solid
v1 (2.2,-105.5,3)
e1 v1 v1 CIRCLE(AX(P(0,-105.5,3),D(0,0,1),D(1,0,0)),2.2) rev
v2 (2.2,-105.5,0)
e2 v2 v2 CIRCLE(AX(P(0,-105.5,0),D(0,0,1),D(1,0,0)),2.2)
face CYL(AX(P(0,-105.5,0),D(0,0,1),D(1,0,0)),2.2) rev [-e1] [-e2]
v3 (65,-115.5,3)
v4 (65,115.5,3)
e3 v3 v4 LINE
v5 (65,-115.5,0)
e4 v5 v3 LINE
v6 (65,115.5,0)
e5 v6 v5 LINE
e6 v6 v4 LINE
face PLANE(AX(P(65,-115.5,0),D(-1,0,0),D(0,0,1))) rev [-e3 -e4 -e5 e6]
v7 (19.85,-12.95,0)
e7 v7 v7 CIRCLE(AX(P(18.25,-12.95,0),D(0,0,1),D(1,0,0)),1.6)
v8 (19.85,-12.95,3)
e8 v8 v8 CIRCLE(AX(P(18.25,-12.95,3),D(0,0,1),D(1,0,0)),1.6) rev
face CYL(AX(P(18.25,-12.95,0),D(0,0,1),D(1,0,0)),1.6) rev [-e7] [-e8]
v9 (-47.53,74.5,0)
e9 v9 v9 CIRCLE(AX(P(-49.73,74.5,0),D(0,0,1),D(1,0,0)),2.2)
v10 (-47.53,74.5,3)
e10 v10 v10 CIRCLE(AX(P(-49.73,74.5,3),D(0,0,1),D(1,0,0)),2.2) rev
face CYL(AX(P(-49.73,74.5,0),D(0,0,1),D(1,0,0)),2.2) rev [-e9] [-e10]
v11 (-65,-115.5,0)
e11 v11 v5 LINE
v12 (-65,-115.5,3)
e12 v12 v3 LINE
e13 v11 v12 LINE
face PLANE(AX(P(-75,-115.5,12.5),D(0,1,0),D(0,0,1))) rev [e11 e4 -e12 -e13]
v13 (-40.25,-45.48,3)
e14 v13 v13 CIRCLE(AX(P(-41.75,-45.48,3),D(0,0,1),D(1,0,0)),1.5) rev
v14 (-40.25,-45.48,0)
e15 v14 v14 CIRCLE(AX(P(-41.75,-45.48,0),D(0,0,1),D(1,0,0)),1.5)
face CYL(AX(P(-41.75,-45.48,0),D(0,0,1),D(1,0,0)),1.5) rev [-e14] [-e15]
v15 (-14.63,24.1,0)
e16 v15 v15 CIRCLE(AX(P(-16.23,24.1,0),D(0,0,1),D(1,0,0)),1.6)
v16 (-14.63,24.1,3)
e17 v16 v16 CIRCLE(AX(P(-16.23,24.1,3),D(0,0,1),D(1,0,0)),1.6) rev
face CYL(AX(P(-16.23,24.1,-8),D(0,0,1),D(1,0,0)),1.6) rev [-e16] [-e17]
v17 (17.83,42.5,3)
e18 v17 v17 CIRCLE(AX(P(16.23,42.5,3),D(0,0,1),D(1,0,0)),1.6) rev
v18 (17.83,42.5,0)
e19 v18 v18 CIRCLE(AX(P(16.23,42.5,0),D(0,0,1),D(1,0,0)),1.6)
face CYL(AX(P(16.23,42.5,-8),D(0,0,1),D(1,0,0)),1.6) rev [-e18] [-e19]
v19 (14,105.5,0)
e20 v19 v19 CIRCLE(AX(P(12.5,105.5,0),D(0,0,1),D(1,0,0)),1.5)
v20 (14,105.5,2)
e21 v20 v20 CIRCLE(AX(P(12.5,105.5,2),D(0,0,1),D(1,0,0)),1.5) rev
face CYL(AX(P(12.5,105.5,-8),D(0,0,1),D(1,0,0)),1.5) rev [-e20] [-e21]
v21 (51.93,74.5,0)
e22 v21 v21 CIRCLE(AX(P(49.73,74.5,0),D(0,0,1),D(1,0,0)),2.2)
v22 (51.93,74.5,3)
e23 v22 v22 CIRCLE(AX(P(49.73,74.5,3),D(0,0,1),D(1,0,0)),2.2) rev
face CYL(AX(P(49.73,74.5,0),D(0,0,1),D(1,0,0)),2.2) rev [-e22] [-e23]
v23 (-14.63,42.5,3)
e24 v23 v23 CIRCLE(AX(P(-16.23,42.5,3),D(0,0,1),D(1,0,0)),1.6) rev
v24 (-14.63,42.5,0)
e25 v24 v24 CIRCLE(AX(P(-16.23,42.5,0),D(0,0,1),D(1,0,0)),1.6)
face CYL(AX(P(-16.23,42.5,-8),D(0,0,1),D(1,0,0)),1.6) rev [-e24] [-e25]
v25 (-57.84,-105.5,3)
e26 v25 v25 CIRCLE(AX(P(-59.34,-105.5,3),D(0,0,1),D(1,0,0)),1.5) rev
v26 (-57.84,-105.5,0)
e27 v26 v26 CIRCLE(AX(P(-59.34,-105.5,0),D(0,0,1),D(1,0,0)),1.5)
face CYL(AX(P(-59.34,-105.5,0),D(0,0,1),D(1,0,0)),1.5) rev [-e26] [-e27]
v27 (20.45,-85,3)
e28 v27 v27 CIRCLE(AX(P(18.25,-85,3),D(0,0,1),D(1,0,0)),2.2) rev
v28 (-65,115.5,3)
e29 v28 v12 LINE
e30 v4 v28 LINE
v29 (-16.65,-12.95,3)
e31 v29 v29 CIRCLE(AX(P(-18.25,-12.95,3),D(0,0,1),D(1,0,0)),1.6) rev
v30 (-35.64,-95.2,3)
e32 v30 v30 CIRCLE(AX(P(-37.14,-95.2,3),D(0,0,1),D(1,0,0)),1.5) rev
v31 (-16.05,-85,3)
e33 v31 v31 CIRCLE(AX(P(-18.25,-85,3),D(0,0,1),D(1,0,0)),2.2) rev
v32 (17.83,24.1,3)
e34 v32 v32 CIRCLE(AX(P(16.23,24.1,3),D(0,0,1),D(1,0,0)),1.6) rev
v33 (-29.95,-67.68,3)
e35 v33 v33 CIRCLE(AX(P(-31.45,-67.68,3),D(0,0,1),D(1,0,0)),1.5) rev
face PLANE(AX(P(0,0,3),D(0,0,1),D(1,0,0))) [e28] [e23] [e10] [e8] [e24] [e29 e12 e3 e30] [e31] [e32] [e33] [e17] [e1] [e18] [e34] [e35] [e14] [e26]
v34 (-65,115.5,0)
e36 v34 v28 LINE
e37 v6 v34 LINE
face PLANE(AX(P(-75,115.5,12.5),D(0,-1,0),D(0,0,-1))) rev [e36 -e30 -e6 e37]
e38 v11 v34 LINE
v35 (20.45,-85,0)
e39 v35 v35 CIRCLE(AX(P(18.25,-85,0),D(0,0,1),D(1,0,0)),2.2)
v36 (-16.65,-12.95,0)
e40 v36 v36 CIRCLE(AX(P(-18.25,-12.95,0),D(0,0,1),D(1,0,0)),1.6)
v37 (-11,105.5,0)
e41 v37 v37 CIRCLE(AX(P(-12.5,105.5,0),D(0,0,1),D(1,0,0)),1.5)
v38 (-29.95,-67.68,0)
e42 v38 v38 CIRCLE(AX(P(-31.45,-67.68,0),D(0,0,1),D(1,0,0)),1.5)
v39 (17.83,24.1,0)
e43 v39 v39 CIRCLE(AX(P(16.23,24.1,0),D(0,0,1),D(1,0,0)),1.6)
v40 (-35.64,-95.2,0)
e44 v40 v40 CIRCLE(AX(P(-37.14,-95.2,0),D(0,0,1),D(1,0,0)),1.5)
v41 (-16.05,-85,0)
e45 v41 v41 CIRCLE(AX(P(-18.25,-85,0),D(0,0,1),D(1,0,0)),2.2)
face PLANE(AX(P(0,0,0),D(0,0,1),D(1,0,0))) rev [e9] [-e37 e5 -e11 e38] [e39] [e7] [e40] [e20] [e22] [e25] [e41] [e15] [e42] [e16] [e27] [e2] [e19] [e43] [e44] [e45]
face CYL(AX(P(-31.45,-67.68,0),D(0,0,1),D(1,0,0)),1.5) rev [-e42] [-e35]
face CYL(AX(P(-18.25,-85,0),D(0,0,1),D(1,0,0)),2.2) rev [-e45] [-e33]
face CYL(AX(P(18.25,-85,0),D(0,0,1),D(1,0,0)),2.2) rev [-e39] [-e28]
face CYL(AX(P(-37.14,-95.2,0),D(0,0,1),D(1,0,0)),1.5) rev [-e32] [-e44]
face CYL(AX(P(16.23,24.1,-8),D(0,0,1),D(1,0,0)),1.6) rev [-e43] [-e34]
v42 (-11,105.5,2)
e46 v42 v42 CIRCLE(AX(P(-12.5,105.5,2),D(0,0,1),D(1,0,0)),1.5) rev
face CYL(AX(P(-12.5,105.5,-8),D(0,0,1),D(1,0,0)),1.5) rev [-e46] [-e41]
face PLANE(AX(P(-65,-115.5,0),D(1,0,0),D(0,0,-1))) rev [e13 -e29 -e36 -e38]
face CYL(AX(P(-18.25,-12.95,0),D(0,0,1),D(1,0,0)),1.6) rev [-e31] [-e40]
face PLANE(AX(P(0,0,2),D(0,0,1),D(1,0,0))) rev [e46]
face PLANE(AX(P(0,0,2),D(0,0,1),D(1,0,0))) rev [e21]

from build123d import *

# Parameters (mm, degrees)
SKETCH_1_W               = 150
SKETCH_1_H               = 231
EXTRUDE_1_DEPTH          = 12.5
CUT_EXTRUDE_1_DEPTH      = 10.5
SKETCH_4_R               = 2.2
CUT_EXTRUDE_3_DEPTH      = 1
CUT_EXTRUDE_3_DEPTH_BACK = 13.5
SKETCH_5_R               = 2.2
SKETCH_5_R_2             = 1.6
SKETCH_5_R_3             = 1.5
CUT_EXTRUDE_4_DEPTH      = 13.5
SKETCH_6_R               = 1.5
CUT_EXTRUDE_5_DEPTH      = 10
SKETCH_3_R               = 1.6
CUT_EXTRUDE_6_DEPTH      = 10
SKETCH_7_W               = 10
SKETCH_7_H               = 231
CUT_EXTRUDE_7_DEPTH      = 13.5
SKETCH_8_W               = 10
SKETCH_8_H               = 231
CUT_EXTRUDE_8_DEPTH      = 13.5
SKETCH_9_W               = 43
SKETCH_9_H               = 102
EXTRUDE_2_DEPTH          = 10.5
SKETCH_10_R              = 1.6
CUT_EXTRUDE_9_DEPTH      = 30
SKETCH_11_W              = 130
SKETCH_11_H              = 231
CUT_EXTRUDE_10_DEPTH     = 9.5


with BuildPart() as part:
    # ｽｹｯﾁ1 → ﾎﾞｽ - 押し出し1 (new body)
    with BuildSketch(Plane.XY):
        Rectangle(SKETCH_1_W, SKETCH_1_H)
    extrude(amount=EXTRUDE_1_DEPTH)

    # ｽｹｯﾁ2 → ｶｯﾄ - 押し出し1 (cut)
    with BuildSketch(Plane.XY.offset(12.5)):
        Polygon((0, 115.5), (21.5, 115.5), (21.5, 13.5), (-21.5, 13.5), (-21.5, 115.5), align=None)
    extrude(amount=-CUT_EXTRUDE_1_DEPTH, mode=Mode.SUBTRACT)

    # ｽｹｯﾁ4 → ｶｯﾄ - 押し出し3 (cut, two sides)
    with BuildSketch(Plane.XY.offset(12.5)) as cut_extrude_3_sk:
        with Locations((-49.73, 74.5)):
            Circle(SKETCH_4_R)
        with Locations((49.73, 74.5)):
            Circle(SKETCH_4_R)
    extrude(amount=CUT_EXTRUDE_3_DEPTH, mode=Mode.SUBTRACT)
    extrude(cut_extrude_3_sk.sketch, amount=-CUT_EXTRUDE_3_DEPTH_BACK, mode=Mode.SUBTRACT)

    # ｽｹｯﾁ5 → ｶｯﾄ - 押し出し4 (cut, through all)
    with BuildSketch(Plane.XY.offset(12.5)):
        with Locations((18.25, -85)):
            Circle(SKETCH_5_R)
        with Locations((18.25, -12.95)):
            Circle(SKETCH_5_R_2)
        with Locations((-41.75, -45.48)):
            Circle(SKETCH_5_R_3)
        with Locations((-31.45, -67.68)):
            Circle(SKETCH_5_R_3)
        with Locations((-18.25, -85)):
            Circle(SKETCH_5_R)
        with Locations((-18.25, -12.95)):
            Circle(SKETCH_5_R_2)
        with Locations((0, -105.5)):
            Circle(SKETCH_5_R)
        with Locations((-59.34, -105.5)):
            Circle(SKETCH_5_R_3)
        with Locations((-37.14, -95.2)):
            Circle(SKETCH_5_R_3)
    extrude(amount=-CUT_EXTRUDE_4_DEPTH, mode=Mode.SUBTRACT)

    # ｽｹｯﾁ6 → ｶｯﾄ - 押し出し5 (cut)
    with BuildSketch(Plane.XY.offset(2)):
        with Locations((-12.5, 105.5)):
            Circle(SKETCH_6_R)
        with Locations((12.5, 105.5)):
            Circle(SKETCH_6_R)
    extrude(amount=-CUT_EXTRUDE_5_DEPTH, mode=Mode.SUBTRACT)

    # ｽｹｯﾁ3 → ｶｯﾄ - 押し出し6 (cut)
    with BuildSketch(Plane.XY.offset(2)):
        with Locations((-16.23, 42.5)):
            Circle(SKETCH_3_R)
        with Locations((16.23, 42.5)):
            Circle(SKETCH_3_R)
        with Locations((-16.23, 24.1)):
            Circle(SKETCH_3_R)
        with Locations((16.23, 24.1)):
            Circle(SKETCH_3_R)
    extrude(amount=-CUT_EXTRUDE_6_DEPTH, mode=Mode.SUBTRACT)

    # ｽｹｯﾁ7 → ｶｯﾄ - 押し出し7 (cut, through all)
    with BuildSketch(Plane.XY.offset(12.5)):
        with Locations((-70, 0)):
            Rectangle(SKETCH_7_W, SKETCH_7_H)
    extrude(amount=-CUT_EXTRUDE_7_DEPTH, mode=Mode.SUBTRACT)

    # ｽｹｯﾁ8 → ｶｯﾄ - 押し出し8 (cut, through all)
    with BuildSketch(Plane.XY.offset(12.5)):
        with Locations((70, 0)):
            Rectangle(SKETCH_8_W, SKETCH_8_H)
    extrude(amount=-CUT_EXTRUDE_8_DEPTH, mode=Mode.SUBTRACT)

    # ｽｹｯﾁ9 → ﾎﾞｽ - 押し出し2 (add)
    with BuildSketch(Plane.XY.offset(2)):
        with Locations((0, 64.5)):
            Rectangle(SKETCH_9_W, SKETCH_9_H)
    extrude(amount=EXTRUDE_2_DEPTH)

    # ｽｹｯﾁ10 → ｶｯﾄ - 押し出し9 (cut)
    with BuildSketch(Plane(origin=(0, 0, 0), x_dir=(-1, 0, 0), z_dir=(0, 0, -1))):
        with Locations((-16.23, 24.1)):
            Circle(SKETCH_10_R)
        with Locations((-16.23, 42.5)):
            Circle(SKETCH_10_R)
        with Locations((16.23, 42.5)):
            Circle(SKETCH_10_R)
        with Locations((16.23, 24.1)):
            Circle(SKETCH_10_R)
    extrude(amount=-CUT_EXTRUDE_9_DEPTH, mode=Mode.SUBTRACT)

    # ｽｹｯﾁ11 → ｶｯﾄ - 押し出し10 (cut)
    with BuildSketch(Plane.XY.offset(12.5)):
        Rectangle(SKETCH_11_W, SKETCH_11_H)
    extrude(amount=-CUT_EXTRUDE_10_DEPTH, mode=Mode.SUBTRACT)


solid = part.part
